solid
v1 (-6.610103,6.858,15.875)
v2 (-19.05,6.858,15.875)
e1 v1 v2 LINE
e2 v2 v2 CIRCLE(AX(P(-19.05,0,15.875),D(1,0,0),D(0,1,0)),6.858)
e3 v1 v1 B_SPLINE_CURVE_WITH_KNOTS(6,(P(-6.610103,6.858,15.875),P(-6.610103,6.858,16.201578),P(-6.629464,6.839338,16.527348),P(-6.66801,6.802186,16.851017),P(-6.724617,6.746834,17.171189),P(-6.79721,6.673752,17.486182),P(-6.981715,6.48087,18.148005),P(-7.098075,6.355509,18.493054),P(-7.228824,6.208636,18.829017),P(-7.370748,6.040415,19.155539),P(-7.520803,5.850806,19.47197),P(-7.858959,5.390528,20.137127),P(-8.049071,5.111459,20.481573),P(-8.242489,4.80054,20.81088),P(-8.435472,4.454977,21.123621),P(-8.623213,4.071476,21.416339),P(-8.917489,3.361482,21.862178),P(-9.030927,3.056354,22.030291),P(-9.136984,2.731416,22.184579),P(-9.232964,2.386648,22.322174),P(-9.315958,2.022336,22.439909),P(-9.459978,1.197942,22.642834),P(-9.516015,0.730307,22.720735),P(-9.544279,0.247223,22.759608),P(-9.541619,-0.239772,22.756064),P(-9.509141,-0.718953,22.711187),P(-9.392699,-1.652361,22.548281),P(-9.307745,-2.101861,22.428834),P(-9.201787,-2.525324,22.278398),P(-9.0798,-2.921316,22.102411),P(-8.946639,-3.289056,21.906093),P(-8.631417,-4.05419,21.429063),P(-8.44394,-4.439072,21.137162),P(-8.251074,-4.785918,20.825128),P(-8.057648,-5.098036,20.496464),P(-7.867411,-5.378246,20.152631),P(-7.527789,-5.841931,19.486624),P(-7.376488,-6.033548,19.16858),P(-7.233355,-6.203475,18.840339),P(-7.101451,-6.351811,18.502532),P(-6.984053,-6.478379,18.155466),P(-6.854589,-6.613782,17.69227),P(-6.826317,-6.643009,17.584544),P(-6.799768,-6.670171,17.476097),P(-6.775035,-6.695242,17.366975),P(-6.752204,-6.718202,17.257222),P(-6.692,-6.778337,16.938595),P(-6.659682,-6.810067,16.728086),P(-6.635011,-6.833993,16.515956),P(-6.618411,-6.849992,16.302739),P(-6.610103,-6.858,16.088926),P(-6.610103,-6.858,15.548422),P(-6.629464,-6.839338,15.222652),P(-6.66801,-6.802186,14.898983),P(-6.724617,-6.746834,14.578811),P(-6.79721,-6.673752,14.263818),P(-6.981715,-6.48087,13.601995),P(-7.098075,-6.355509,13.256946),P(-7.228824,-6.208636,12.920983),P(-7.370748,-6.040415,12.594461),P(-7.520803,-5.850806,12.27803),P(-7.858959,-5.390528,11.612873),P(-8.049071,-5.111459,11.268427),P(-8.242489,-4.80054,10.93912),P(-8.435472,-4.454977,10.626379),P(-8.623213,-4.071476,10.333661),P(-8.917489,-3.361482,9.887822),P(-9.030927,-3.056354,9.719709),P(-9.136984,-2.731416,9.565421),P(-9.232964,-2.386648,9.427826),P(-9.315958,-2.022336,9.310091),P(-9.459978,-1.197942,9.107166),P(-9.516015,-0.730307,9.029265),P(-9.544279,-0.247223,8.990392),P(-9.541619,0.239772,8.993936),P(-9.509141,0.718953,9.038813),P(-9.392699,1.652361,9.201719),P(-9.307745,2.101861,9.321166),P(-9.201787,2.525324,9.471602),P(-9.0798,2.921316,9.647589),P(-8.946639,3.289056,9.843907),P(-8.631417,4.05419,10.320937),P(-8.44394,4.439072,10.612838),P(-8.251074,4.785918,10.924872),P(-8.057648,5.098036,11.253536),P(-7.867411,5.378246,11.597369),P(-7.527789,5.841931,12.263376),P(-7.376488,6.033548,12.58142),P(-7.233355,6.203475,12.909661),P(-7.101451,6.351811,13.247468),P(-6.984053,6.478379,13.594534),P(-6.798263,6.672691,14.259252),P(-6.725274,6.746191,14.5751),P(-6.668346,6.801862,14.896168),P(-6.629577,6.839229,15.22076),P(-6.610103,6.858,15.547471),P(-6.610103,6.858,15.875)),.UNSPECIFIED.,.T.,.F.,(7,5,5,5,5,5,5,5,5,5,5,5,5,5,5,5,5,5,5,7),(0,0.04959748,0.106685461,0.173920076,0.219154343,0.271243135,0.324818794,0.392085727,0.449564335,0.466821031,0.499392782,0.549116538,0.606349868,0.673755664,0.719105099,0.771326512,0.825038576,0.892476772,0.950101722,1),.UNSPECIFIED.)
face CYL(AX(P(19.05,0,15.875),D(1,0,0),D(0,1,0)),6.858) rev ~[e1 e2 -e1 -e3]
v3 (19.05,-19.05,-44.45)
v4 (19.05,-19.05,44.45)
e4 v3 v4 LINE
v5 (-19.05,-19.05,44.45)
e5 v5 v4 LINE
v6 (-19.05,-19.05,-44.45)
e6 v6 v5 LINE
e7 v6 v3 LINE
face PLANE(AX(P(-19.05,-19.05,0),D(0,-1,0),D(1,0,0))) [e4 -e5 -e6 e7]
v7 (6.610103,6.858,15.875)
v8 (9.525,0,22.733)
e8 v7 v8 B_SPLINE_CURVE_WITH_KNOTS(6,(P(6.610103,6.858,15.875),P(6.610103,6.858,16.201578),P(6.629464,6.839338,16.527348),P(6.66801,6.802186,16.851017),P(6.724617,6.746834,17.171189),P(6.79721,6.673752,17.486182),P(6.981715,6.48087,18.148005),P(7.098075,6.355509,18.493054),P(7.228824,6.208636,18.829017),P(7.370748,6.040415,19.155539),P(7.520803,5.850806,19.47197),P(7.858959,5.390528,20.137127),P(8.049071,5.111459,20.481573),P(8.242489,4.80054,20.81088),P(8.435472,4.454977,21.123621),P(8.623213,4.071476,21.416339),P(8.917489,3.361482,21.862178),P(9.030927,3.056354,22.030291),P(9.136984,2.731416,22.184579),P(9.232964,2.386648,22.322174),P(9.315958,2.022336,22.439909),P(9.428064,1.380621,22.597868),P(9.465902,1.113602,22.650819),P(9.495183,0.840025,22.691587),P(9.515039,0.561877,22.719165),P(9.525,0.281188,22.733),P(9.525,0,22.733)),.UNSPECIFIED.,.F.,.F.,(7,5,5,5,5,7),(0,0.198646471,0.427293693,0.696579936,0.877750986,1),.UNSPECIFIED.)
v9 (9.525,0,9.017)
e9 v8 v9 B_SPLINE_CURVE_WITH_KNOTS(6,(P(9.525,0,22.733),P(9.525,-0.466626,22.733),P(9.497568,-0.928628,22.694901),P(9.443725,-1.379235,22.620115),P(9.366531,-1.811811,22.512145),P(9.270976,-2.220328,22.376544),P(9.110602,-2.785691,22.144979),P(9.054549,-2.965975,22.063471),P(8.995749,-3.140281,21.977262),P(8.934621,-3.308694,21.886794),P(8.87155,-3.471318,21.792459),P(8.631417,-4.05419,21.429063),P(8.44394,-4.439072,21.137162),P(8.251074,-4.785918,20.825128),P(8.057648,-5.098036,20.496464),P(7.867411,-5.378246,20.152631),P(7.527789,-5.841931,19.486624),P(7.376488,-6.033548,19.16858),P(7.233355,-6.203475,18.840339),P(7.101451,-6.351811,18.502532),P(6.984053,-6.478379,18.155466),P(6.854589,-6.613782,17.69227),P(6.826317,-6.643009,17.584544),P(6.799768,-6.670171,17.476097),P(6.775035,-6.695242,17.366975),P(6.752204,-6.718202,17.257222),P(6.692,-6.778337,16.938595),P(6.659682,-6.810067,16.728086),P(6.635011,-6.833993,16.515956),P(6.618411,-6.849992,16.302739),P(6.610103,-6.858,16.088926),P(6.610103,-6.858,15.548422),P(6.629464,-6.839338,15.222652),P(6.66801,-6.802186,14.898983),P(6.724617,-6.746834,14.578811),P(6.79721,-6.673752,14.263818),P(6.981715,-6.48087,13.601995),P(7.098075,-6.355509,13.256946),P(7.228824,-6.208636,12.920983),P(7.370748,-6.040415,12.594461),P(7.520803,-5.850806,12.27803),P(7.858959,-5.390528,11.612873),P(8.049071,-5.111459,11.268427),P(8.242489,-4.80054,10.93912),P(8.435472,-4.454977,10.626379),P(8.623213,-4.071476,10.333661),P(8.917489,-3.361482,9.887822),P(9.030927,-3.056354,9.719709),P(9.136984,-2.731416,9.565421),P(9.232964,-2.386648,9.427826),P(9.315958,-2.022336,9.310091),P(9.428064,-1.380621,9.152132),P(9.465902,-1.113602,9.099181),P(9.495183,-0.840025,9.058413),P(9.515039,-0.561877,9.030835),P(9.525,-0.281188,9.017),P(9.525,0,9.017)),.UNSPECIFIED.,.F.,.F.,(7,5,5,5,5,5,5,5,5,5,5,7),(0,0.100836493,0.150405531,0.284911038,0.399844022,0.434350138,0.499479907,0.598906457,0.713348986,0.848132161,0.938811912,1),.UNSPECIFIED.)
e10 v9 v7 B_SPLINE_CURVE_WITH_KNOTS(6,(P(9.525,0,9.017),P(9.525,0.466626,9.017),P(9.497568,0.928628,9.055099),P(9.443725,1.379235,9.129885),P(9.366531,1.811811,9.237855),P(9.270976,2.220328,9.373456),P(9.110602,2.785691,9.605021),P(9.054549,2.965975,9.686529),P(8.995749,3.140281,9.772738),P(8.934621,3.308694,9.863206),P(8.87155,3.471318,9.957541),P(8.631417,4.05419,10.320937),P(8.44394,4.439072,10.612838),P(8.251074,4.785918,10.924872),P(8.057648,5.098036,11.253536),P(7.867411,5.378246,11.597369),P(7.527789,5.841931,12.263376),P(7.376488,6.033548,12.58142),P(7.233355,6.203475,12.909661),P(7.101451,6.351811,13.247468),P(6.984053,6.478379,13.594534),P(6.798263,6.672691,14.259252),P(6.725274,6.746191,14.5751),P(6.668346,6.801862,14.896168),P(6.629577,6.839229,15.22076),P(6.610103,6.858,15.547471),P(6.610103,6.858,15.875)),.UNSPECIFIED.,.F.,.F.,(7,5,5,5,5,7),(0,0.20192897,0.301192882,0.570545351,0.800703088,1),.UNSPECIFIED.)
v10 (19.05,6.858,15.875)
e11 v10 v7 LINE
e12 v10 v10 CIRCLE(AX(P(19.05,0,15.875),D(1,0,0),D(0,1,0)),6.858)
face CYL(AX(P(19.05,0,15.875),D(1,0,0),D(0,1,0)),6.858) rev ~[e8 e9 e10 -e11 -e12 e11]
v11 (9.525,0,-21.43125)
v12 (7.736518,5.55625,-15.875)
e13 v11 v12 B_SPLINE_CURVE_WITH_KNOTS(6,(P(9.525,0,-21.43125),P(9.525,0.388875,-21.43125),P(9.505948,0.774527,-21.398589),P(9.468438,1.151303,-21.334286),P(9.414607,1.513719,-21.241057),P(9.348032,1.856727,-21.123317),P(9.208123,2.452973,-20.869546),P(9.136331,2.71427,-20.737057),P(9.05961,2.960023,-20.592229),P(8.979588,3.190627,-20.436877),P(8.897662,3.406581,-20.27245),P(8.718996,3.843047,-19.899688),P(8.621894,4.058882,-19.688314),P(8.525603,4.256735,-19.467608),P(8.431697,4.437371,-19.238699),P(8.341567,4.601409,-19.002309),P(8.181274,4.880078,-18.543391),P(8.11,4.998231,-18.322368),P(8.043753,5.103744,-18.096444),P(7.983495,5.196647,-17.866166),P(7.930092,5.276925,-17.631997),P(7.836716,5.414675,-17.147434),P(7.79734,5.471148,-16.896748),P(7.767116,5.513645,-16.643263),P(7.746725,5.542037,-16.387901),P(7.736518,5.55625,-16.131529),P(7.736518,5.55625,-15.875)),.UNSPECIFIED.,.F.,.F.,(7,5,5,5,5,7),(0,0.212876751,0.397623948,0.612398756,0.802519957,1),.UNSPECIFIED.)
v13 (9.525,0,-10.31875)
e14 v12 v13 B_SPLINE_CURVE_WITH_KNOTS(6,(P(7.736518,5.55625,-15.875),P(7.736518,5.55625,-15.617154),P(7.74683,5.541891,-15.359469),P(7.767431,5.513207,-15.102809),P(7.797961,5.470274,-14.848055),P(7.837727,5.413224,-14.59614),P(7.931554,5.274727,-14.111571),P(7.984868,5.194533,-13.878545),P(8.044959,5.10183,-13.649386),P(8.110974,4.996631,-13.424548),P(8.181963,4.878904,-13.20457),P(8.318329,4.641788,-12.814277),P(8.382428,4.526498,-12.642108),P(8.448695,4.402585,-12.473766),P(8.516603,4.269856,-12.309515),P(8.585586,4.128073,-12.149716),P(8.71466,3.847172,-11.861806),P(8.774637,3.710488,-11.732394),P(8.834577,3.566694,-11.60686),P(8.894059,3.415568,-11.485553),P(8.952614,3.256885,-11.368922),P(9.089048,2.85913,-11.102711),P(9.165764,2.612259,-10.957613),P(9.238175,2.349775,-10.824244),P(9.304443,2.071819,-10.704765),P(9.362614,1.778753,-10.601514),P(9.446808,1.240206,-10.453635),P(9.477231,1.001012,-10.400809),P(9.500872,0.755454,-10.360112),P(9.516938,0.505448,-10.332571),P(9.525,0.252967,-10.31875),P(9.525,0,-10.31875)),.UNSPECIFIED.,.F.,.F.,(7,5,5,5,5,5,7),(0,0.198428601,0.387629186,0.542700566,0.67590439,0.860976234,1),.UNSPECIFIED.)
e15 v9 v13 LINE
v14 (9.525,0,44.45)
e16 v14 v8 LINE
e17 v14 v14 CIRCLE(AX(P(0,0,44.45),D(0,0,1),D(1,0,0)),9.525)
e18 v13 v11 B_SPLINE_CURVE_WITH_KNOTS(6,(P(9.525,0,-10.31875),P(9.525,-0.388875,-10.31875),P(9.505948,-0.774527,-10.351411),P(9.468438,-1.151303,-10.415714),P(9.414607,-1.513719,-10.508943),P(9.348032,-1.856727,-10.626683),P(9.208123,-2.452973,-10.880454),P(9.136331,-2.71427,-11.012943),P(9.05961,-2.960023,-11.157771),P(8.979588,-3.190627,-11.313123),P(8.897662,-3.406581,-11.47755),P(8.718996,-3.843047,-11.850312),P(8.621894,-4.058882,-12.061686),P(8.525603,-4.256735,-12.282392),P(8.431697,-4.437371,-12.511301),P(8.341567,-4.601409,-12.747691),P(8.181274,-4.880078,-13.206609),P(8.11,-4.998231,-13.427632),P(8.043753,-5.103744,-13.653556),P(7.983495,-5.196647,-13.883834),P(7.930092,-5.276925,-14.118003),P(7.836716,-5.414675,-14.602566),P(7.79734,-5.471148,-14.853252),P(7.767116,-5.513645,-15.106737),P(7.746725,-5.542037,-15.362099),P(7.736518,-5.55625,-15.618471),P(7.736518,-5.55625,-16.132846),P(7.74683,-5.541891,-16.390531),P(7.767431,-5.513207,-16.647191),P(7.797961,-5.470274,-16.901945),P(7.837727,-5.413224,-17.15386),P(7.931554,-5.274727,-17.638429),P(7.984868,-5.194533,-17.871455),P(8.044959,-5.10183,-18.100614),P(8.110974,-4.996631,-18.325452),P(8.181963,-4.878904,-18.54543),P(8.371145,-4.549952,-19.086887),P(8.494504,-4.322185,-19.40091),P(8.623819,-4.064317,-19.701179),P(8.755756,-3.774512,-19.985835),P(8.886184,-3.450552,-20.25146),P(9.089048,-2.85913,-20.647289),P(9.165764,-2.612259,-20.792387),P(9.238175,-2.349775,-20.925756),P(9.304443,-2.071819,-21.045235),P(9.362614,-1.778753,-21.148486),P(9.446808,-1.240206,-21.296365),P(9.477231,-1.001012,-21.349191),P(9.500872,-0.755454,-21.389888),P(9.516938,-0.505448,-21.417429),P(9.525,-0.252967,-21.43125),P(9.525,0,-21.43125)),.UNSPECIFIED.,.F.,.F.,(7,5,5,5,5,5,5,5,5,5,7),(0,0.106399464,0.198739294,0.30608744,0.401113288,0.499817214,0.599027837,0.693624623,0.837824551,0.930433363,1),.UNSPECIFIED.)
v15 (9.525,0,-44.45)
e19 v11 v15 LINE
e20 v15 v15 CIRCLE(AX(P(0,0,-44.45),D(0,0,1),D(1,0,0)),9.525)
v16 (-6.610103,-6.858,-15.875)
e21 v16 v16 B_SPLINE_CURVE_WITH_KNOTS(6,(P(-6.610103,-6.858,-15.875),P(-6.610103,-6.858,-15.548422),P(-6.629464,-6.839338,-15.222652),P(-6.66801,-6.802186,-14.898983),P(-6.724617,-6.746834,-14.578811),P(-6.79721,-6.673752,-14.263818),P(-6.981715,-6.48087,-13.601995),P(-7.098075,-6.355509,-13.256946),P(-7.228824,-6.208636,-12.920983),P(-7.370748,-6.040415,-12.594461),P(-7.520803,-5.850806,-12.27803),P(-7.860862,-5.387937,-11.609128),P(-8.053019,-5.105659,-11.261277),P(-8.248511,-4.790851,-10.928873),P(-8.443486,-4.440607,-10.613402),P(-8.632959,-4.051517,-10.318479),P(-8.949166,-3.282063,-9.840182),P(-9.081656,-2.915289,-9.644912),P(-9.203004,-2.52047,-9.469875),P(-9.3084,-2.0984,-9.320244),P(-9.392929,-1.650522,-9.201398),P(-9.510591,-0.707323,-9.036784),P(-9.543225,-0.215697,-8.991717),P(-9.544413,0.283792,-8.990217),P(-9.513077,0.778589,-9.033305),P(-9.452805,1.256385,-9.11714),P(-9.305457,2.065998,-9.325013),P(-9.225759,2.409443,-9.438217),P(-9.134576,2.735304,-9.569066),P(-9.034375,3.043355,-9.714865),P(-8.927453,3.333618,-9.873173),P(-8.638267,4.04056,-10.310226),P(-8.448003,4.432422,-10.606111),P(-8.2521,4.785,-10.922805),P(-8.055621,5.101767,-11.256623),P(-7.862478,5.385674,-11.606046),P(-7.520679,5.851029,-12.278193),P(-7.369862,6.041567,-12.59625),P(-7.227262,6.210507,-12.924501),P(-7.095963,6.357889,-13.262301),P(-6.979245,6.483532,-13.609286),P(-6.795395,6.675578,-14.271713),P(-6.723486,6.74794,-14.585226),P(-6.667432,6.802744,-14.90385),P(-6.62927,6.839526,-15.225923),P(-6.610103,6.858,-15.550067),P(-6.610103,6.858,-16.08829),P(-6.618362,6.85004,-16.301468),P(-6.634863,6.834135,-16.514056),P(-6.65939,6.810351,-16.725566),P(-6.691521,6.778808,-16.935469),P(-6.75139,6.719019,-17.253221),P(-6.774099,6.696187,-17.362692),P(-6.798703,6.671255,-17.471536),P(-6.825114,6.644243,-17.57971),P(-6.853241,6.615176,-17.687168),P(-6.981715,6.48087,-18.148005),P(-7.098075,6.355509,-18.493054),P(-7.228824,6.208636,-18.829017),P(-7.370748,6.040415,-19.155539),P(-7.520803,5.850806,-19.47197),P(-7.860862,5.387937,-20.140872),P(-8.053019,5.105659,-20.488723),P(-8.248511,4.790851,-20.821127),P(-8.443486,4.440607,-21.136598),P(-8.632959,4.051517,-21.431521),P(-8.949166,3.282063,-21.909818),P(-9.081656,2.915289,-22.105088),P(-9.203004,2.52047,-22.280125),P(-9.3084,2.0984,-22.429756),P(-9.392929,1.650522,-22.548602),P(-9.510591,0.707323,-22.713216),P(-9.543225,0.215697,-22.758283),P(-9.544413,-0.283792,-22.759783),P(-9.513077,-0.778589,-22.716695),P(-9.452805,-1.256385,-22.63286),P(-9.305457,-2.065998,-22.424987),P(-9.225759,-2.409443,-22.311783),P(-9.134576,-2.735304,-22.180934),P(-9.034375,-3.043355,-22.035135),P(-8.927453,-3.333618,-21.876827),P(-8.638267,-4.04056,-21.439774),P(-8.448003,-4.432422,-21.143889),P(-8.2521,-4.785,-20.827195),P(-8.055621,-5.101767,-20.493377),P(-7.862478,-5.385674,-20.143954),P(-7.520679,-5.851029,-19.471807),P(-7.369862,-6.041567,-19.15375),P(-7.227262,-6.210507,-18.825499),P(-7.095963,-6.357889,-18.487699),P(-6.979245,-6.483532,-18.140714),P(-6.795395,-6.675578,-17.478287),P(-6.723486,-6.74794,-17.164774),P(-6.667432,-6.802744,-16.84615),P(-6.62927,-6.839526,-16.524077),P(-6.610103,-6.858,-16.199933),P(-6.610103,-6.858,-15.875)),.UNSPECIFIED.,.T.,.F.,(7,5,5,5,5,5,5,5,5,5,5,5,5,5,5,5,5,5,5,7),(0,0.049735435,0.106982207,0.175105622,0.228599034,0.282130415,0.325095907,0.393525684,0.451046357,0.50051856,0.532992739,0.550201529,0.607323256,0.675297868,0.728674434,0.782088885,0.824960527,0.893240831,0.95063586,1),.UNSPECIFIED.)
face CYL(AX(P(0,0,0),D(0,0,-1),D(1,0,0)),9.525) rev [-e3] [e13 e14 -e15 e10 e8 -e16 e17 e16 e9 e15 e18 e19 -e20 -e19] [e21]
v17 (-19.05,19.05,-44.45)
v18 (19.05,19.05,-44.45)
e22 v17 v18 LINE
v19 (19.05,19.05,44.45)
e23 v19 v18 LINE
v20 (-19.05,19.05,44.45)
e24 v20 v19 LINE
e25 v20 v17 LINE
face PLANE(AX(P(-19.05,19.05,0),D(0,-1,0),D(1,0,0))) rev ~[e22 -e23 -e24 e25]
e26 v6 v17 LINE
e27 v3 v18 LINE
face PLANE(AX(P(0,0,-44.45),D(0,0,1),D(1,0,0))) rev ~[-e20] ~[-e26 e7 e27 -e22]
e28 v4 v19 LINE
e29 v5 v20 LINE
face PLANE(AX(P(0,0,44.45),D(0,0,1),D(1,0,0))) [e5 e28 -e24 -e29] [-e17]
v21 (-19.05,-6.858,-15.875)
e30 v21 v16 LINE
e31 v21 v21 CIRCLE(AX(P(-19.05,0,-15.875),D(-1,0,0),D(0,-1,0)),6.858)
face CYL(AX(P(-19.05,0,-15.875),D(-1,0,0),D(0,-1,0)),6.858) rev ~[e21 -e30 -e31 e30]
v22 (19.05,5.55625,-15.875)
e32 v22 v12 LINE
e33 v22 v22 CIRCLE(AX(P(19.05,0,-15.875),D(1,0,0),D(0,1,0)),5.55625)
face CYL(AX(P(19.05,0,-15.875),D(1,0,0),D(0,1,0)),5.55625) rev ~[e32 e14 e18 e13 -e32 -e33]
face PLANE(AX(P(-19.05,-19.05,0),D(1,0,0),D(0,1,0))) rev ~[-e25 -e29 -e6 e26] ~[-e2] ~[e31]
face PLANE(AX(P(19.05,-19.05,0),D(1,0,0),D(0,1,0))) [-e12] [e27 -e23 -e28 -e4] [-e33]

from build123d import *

# Parameters (mm, degrees)
SKETCH1_W           = 38.1
SKETCH1_H           = 38.1
SKETCH1_R           = 9.525
BOSS_EXTRUDE1_DEPTH = 44.45
SKETCH2_R           = 6.858
CUT_EXTRUDE1_DEPTH  = 62.565534189
SKETCH3_R           = 5.55625
CUT_EXTRUDE2_DEPTH  = 19.05
SKETCH4_R           = 6.858
CUT_EXTRUDE3_DEPTH  = 19.05


with BuildPart() as part:
    # Sketch1 → Boss-Extrude1 (new, symmetric)
    with BuildSketch(Plane.XY):
        Rectangle(SKETCH1_W, SKETCH1_H)
        Circle(SKETCH1_R, mode=Mode.SUBTRACT)
    extrude(amount=BOSS_EXTRUDE1_DEPTH, both=True)

    # Sketch2 → Cut-Extrude1 (cut, through all)
    with BuildSketch(Plane(origin=(19.05, 0, 0), x_dir=(0, 0, -1), z_dir=(1, 0, 0))):
        with Locations(Location((-15.875, 0, 0), (0, 0, 90))):
            Circle(SKETCH2_R)
    extrude(amount=-CUT_EXTRUDE1_DEPTH, mode=Mode.SUBTRACT)

    # Sketch3 → Cut-Extrude2 (cut)
    with BuildSketch(Plane(origin=(19.05, 0, 0), x_dir=(0, 0, -1), z_dir=(1, 0, 0))):
        with Locations(Location((15.875, 0, 0), (0, 0, 90))):
            Circle(SKETCH3_R)
    extrude(amount=-CUT_EXTRUDE2_DEPTH, mode=Mode.SUBTRACT)

    # Sketch4 → Cut-Extrude3 (cut)
    with BuildSketch(Plane.ZY.offset(19.05)):
        with Locations(Location((-15.875, 0, 0), (0, 0, 270))):
            Circle(SKETCH4_R)
    extrude(amount=-CUT_EXTRUDE3_DEPTH, mode=Mode.SUBTRACT)


solid = part.part
